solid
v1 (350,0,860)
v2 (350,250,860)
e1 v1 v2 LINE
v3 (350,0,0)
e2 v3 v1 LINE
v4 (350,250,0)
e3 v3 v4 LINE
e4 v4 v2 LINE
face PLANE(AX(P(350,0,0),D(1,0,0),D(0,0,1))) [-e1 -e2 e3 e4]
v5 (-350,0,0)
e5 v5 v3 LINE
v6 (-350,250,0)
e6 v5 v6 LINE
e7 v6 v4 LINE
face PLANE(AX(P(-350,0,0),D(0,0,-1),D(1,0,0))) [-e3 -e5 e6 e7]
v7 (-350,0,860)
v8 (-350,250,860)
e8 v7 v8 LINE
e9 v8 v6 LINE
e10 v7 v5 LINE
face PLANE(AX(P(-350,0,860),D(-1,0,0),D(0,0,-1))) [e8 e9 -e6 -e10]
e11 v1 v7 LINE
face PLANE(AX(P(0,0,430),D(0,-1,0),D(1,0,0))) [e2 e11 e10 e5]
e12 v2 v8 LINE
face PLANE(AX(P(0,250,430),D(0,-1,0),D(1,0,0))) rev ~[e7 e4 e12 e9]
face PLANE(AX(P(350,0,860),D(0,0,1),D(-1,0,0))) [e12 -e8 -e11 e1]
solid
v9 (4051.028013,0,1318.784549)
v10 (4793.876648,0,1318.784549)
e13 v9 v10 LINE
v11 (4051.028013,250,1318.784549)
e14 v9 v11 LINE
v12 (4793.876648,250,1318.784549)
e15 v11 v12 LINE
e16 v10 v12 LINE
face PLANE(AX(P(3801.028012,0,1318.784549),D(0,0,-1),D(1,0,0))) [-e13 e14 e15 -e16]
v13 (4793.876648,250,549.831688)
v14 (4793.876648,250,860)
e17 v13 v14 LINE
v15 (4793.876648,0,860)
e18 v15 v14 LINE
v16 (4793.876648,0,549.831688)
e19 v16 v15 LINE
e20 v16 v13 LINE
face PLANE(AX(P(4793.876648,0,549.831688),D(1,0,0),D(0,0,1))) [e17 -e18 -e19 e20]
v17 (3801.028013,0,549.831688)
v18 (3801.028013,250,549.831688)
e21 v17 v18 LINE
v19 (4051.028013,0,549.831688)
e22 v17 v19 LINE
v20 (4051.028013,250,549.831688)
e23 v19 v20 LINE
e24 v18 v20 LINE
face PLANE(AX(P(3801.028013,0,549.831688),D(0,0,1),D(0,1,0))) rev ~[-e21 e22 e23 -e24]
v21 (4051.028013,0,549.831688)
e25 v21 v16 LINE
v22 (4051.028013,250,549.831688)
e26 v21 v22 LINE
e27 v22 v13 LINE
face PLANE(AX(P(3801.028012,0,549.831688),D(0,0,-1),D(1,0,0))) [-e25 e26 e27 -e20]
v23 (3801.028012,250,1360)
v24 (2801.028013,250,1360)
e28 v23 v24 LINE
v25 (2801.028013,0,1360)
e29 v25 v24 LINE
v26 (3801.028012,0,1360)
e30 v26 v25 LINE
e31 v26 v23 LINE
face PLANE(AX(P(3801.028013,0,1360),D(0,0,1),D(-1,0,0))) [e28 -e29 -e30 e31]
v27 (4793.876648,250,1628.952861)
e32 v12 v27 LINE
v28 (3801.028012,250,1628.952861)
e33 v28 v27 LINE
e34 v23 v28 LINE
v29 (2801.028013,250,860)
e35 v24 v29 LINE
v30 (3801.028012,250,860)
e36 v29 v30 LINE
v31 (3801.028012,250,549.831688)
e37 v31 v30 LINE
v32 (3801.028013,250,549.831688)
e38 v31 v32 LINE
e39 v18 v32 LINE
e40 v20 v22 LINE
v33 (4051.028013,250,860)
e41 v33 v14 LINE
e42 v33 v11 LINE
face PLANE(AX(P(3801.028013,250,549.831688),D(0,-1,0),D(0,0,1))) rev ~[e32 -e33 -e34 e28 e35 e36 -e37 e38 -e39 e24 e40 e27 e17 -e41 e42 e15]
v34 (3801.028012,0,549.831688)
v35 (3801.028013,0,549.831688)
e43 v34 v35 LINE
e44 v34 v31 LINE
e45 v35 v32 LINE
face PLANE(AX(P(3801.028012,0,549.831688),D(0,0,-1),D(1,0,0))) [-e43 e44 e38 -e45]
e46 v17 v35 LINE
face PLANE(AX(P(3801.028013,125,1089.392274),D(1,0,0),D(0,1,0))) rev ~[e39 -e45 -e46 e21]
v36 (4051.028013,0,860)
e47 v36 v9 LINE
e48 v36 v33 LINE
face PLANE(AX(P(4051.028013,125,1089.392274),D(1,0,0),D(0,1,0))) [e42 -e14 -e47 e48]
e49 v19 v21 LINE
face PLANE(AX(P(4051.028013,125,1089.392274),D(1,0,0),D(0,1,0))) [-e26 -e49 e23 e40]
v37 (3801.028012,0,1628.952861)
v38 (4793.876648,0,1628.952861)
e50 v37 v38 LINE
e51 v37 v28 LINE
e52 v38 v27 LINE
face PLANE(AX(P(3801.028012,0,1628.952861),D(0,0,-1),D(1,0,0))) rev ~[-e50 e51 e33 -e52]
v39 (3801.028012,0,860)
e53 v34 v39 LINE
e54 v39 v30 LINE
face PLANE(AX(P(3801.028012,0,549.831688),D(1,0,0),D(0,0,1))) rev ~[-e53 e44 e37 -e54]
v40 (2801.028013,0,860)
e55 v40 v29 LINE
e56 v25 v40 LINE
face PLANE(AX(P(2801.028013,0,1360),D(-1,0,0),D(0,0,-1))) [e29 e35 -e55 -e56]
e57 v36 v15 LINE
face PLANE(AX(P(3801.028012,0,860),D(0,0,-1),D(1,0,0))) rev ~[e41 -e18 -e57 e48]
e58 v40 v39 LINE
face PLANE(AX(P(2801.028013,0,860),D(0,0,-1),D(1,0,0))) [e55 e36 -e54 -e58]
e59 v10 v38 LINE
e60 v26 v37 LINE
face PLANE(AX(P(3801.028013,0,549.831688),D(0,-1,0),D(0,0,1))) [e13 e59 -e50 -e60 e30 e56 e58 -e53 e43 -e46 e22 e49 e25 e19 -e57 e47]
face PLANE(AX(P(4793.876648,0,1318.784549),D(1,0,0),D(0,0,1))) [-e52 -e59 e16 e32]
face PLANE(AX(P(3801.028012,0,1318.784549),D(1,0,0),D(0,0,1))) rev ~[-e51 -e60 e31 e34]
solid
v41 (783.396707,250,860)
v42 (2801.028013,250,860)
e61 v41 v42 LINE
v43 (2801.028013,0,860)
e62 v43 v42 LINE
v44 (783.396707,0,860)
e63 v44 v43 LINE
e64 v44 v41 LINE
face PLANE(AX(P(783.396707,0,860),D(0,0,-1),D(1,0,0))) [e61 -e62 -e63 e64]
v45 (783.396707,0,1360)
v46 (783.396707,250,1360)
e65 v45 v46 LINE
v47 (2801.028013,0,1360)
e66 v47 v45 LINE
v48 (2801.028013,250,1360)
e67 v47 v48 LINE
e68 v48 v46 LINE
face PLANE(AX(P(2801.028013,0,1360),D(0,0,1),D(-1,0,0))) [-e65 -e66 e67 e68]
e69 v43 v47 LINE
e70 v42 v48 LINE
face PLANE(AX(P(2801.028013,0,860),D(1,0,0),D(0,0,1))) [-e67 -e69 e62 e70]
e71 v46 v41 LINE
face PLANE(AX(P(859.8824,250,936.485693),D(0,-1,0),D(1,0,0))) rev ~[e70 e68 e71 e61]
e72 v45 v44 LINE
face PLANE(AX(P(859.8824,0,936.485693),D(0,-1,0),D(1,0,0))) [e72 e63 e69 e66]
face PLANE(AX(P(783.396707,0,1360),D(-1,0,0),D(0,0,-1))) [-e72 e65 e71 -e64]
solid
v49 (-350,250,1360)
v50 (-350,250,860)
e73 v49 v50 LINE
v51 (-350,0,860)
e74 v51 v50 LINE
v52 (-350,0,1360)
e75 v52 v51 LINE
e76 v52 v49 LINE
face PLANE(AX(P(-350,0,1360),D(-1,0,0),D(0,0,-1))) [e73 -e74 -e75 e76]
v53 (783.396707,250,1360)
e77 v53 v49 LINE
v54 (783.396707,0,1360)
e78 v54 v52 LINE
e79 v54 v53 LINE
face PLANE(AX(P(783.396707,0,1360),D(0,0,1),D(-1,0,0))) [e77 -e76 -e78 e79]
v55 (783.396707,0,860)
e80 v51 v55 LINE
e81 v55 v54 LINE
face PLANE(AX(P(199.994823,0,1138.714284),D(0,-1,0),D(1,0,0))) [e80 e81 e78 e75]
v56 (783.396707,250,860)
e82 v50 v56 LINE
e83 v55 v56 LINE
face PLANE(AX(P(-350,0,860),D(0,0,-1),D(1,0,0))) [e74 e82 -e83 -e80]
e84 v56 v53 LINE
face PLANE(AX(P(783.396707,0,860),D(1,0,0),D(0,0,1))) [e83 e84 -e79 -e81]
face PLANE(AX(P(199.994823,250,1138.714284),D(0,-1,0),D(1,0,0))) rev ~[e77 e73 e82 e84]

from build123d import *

# Parameters (mm, degrees)
F1_DEPTH = 250
F2_DEPTH = 250
F3_DEPTH = 250
F4_DEPTH = 250
F5_W     = 250
F5_H     = 1079.121173
F6_DEPTH = 250
F7_W     = 992.848635
F7_H     = 310.168312
F8_DEPTH = 250


with BuildPart() as f1:
    # F0 (on Front) → F1 (new body)
    with BuildSketch(Plane.XZ):
        Polygon((350, 0), (350, 860), (-350, 860), (-350, 0), (0, 0), align=None)
    extrude(amount=-F1_DEPTH)


with BuildPart() as f2:
    # F0 (on Front) → F2 (new body)
    with BuildSketch(Plane.XZ):
        with BuildLine():
            ThreePointArc((-57.795776, 1165.314087), (0, 1190), (57.795776, 1165.314087))
            Line((57.795776, 1165.314087), (350, 860))
            Line((350, 860), (783.396707, 860))
            Line((783.396707, 860), (783.396707, 1110))
            Line((783.396707, 1110), (783.396707, 1360))
            Line((783.396707, 1360), (-350, 1360))
            Line((-350, 1360), (-350, 860))
            Line((-350, 860), (-57.795776, 1165.314087))
        make_face()
        with BuildLine():
            ThreePointArc((57.795776, 1165.314087), (74.241707, 1139.802163), (80, 1110))
            ThreePointArc((80, 1110), (-29.802163, 1035.758293), (-57.795776, 1165.314087))
            Line((-57.795776, 1165.314087), (-350, 860))
            Line((-350, 860), (350, 860))
            Line((350, 860), (57.795776, 1165.314087))
        make_face()
        with BuildLine():
            ThreePointArc((-57.795776, 1165.314087), (-29.802163, 1035.758293), (80, 1110))
            ThreePointArc((80, 1110), (74.241707, 1139.802163), (57.795776, 1165.314087))
            ThreePointArc((57.795776, 1165.314087), (0, 1190), (-57.795776, 1165.314087))
        make_face()
    extrude(amount=-F2_DEPTH)


with BuildPart() as f3:
    # F0 (on Front) → F3 (new body)
    with BuildSketch(Plane.XZ):
        with BuildLine():
            Line((783.396707, 1110), (783.396707, 860))
            Line((783.396707, 860), (1033.396707, 860))
            ThreePointArc((1033.396707, 860), (856.620011, 933.223305), (783.396707, 1110))
        make_face()
        with BuildLine():
            Line((783.396707, 1360), (783.396707, 1110))
            ThreePointArc((783.396707, 1110), (856.620011, 1286.776695), (1033.396707, 1360))
            Line((1033.396707, 1360), (783.396707, 1360))
        make_face()
        with BuildLine():
            ThreePointArc((783.396707, 1110), (856.620011, 933.223305), (1033.396707, 860))
            Line((1033.396707, 860), (1033.396707, 1360))
            ThreePointArc((1033.396707, 1360), (856.620011, 1286.776695), (783.396707, 1110))
        make_face()
        with BuildLine():
            Line((1033.396707, 1360), (1033.396707, 860))
            ThreePointArc((1033.396707, 860), (1210.173402, 933.223305), (1283.396707, 1110))
            ThreePointArc((1283.396707, 1110), (1210.173402, 1286.776695), (1033.396707, 1360))
        make_face()
        with BuildLine():
            ThreePointArc((1283.396707, 1110), (1210.173402, 933.223305), (1033.396707, 860))
            Line((1033.396707, 860), (2801.028013, 860))
            Line((2801.028013, 860), (2801.028013, 1110))
            Line((2801.028013, 1110), (2801.028013, 1360))
            Line((2801.028013, 1360), (1033.396707, 1360))
            ThreePointArc((1033.396707, 1360), (1210.173402, 1286.776695), (1283.396707, 1110))
        make_face()
    extrude(amount=-F3_DEPTH)


with BuildPart() as f4:
    # F0 (on Front) → F4 (new body)
    with BuildSketch(Plane.XZ):
        with BuildLine():
            Line((3051.028013, 1360), (2801.028013, 1360))
            Line((2801.028013, 1360), (2801.028013, 1110))
            ThreePointArc((2801.028013, 1110), (2874.251318, 1286.776695), (3051.028013, 1360))
        make_face()
        with BuildLine():
            Line((3051.028013, 1360), (3051.028013, 860))
            ThreePointArc((3051.028013, 860), (3227.804709, 933.223305), (3301.028013, 1110))
            ThreePointArc((3301.028013, 1110), (3227.804709, 1286.776695), (3051.028013, 1360))
        make_face()
        with BuildLine():
            ThreePointArc((2801.028013, 1110), (2874.251318, 933.223305), (3051.028013, 860))
            Line((3051.028013, 860), (3051.028013, 1360))
            ThreePointArc((3051.028013, 1360), (2874.251318, 1286.776695), (2801.028013, 1110))
        make_face()
        with BuildLine():
            Line((2801.028013, 1110), (2801.028013, 860))
            Line((2801.028013, 860), (3051.028013, 860))
            ThreePointArc((3051.028013, 860), (2874.251318, 933.223305), (2801.028013, 1110))
        make_face()
        with BuildLine():
            ThreePointArc((3301.028013, 1110), (3227.804709, 933.223305), (3051.028013, 860))
            Line((3051.028013, 860), (3801.028013, 860))
            Line((3801.028013, 860), (3801.028013, 1360))
            Line((3801.028013, 1360), (3051.028013, 1360))
            ThreePointArc((3051.028013, 1360), (3227.804709, 1286.776695), (3301.028013, 1110))
        make_face()
    extrude(amount=-F4_DEPTH)

    # F5 (on face) → F6 (join)
    with BuildSketch(Plane.YZ.offset(3801.028013)):
        with Locations((125, 1089.392274)):
            Rectangle(F5_W, F5_H)
    extrude(amount=F6_DEPTH)

    # F7 (on face) → F8 (join)
    with BuildSketch(Plane.XZ):
        with Locations((4297.45233, 1473.868705)):
            Rectangle(F7_W, F7_H)
        with Locations((4297.45233, 704.915844)):
            Rectangle(F7_W, F7_H)
    extrude(amount=-F8_DEPTH)


solid = Compound([f1.part, f2.part, f3.part, f4.part])
